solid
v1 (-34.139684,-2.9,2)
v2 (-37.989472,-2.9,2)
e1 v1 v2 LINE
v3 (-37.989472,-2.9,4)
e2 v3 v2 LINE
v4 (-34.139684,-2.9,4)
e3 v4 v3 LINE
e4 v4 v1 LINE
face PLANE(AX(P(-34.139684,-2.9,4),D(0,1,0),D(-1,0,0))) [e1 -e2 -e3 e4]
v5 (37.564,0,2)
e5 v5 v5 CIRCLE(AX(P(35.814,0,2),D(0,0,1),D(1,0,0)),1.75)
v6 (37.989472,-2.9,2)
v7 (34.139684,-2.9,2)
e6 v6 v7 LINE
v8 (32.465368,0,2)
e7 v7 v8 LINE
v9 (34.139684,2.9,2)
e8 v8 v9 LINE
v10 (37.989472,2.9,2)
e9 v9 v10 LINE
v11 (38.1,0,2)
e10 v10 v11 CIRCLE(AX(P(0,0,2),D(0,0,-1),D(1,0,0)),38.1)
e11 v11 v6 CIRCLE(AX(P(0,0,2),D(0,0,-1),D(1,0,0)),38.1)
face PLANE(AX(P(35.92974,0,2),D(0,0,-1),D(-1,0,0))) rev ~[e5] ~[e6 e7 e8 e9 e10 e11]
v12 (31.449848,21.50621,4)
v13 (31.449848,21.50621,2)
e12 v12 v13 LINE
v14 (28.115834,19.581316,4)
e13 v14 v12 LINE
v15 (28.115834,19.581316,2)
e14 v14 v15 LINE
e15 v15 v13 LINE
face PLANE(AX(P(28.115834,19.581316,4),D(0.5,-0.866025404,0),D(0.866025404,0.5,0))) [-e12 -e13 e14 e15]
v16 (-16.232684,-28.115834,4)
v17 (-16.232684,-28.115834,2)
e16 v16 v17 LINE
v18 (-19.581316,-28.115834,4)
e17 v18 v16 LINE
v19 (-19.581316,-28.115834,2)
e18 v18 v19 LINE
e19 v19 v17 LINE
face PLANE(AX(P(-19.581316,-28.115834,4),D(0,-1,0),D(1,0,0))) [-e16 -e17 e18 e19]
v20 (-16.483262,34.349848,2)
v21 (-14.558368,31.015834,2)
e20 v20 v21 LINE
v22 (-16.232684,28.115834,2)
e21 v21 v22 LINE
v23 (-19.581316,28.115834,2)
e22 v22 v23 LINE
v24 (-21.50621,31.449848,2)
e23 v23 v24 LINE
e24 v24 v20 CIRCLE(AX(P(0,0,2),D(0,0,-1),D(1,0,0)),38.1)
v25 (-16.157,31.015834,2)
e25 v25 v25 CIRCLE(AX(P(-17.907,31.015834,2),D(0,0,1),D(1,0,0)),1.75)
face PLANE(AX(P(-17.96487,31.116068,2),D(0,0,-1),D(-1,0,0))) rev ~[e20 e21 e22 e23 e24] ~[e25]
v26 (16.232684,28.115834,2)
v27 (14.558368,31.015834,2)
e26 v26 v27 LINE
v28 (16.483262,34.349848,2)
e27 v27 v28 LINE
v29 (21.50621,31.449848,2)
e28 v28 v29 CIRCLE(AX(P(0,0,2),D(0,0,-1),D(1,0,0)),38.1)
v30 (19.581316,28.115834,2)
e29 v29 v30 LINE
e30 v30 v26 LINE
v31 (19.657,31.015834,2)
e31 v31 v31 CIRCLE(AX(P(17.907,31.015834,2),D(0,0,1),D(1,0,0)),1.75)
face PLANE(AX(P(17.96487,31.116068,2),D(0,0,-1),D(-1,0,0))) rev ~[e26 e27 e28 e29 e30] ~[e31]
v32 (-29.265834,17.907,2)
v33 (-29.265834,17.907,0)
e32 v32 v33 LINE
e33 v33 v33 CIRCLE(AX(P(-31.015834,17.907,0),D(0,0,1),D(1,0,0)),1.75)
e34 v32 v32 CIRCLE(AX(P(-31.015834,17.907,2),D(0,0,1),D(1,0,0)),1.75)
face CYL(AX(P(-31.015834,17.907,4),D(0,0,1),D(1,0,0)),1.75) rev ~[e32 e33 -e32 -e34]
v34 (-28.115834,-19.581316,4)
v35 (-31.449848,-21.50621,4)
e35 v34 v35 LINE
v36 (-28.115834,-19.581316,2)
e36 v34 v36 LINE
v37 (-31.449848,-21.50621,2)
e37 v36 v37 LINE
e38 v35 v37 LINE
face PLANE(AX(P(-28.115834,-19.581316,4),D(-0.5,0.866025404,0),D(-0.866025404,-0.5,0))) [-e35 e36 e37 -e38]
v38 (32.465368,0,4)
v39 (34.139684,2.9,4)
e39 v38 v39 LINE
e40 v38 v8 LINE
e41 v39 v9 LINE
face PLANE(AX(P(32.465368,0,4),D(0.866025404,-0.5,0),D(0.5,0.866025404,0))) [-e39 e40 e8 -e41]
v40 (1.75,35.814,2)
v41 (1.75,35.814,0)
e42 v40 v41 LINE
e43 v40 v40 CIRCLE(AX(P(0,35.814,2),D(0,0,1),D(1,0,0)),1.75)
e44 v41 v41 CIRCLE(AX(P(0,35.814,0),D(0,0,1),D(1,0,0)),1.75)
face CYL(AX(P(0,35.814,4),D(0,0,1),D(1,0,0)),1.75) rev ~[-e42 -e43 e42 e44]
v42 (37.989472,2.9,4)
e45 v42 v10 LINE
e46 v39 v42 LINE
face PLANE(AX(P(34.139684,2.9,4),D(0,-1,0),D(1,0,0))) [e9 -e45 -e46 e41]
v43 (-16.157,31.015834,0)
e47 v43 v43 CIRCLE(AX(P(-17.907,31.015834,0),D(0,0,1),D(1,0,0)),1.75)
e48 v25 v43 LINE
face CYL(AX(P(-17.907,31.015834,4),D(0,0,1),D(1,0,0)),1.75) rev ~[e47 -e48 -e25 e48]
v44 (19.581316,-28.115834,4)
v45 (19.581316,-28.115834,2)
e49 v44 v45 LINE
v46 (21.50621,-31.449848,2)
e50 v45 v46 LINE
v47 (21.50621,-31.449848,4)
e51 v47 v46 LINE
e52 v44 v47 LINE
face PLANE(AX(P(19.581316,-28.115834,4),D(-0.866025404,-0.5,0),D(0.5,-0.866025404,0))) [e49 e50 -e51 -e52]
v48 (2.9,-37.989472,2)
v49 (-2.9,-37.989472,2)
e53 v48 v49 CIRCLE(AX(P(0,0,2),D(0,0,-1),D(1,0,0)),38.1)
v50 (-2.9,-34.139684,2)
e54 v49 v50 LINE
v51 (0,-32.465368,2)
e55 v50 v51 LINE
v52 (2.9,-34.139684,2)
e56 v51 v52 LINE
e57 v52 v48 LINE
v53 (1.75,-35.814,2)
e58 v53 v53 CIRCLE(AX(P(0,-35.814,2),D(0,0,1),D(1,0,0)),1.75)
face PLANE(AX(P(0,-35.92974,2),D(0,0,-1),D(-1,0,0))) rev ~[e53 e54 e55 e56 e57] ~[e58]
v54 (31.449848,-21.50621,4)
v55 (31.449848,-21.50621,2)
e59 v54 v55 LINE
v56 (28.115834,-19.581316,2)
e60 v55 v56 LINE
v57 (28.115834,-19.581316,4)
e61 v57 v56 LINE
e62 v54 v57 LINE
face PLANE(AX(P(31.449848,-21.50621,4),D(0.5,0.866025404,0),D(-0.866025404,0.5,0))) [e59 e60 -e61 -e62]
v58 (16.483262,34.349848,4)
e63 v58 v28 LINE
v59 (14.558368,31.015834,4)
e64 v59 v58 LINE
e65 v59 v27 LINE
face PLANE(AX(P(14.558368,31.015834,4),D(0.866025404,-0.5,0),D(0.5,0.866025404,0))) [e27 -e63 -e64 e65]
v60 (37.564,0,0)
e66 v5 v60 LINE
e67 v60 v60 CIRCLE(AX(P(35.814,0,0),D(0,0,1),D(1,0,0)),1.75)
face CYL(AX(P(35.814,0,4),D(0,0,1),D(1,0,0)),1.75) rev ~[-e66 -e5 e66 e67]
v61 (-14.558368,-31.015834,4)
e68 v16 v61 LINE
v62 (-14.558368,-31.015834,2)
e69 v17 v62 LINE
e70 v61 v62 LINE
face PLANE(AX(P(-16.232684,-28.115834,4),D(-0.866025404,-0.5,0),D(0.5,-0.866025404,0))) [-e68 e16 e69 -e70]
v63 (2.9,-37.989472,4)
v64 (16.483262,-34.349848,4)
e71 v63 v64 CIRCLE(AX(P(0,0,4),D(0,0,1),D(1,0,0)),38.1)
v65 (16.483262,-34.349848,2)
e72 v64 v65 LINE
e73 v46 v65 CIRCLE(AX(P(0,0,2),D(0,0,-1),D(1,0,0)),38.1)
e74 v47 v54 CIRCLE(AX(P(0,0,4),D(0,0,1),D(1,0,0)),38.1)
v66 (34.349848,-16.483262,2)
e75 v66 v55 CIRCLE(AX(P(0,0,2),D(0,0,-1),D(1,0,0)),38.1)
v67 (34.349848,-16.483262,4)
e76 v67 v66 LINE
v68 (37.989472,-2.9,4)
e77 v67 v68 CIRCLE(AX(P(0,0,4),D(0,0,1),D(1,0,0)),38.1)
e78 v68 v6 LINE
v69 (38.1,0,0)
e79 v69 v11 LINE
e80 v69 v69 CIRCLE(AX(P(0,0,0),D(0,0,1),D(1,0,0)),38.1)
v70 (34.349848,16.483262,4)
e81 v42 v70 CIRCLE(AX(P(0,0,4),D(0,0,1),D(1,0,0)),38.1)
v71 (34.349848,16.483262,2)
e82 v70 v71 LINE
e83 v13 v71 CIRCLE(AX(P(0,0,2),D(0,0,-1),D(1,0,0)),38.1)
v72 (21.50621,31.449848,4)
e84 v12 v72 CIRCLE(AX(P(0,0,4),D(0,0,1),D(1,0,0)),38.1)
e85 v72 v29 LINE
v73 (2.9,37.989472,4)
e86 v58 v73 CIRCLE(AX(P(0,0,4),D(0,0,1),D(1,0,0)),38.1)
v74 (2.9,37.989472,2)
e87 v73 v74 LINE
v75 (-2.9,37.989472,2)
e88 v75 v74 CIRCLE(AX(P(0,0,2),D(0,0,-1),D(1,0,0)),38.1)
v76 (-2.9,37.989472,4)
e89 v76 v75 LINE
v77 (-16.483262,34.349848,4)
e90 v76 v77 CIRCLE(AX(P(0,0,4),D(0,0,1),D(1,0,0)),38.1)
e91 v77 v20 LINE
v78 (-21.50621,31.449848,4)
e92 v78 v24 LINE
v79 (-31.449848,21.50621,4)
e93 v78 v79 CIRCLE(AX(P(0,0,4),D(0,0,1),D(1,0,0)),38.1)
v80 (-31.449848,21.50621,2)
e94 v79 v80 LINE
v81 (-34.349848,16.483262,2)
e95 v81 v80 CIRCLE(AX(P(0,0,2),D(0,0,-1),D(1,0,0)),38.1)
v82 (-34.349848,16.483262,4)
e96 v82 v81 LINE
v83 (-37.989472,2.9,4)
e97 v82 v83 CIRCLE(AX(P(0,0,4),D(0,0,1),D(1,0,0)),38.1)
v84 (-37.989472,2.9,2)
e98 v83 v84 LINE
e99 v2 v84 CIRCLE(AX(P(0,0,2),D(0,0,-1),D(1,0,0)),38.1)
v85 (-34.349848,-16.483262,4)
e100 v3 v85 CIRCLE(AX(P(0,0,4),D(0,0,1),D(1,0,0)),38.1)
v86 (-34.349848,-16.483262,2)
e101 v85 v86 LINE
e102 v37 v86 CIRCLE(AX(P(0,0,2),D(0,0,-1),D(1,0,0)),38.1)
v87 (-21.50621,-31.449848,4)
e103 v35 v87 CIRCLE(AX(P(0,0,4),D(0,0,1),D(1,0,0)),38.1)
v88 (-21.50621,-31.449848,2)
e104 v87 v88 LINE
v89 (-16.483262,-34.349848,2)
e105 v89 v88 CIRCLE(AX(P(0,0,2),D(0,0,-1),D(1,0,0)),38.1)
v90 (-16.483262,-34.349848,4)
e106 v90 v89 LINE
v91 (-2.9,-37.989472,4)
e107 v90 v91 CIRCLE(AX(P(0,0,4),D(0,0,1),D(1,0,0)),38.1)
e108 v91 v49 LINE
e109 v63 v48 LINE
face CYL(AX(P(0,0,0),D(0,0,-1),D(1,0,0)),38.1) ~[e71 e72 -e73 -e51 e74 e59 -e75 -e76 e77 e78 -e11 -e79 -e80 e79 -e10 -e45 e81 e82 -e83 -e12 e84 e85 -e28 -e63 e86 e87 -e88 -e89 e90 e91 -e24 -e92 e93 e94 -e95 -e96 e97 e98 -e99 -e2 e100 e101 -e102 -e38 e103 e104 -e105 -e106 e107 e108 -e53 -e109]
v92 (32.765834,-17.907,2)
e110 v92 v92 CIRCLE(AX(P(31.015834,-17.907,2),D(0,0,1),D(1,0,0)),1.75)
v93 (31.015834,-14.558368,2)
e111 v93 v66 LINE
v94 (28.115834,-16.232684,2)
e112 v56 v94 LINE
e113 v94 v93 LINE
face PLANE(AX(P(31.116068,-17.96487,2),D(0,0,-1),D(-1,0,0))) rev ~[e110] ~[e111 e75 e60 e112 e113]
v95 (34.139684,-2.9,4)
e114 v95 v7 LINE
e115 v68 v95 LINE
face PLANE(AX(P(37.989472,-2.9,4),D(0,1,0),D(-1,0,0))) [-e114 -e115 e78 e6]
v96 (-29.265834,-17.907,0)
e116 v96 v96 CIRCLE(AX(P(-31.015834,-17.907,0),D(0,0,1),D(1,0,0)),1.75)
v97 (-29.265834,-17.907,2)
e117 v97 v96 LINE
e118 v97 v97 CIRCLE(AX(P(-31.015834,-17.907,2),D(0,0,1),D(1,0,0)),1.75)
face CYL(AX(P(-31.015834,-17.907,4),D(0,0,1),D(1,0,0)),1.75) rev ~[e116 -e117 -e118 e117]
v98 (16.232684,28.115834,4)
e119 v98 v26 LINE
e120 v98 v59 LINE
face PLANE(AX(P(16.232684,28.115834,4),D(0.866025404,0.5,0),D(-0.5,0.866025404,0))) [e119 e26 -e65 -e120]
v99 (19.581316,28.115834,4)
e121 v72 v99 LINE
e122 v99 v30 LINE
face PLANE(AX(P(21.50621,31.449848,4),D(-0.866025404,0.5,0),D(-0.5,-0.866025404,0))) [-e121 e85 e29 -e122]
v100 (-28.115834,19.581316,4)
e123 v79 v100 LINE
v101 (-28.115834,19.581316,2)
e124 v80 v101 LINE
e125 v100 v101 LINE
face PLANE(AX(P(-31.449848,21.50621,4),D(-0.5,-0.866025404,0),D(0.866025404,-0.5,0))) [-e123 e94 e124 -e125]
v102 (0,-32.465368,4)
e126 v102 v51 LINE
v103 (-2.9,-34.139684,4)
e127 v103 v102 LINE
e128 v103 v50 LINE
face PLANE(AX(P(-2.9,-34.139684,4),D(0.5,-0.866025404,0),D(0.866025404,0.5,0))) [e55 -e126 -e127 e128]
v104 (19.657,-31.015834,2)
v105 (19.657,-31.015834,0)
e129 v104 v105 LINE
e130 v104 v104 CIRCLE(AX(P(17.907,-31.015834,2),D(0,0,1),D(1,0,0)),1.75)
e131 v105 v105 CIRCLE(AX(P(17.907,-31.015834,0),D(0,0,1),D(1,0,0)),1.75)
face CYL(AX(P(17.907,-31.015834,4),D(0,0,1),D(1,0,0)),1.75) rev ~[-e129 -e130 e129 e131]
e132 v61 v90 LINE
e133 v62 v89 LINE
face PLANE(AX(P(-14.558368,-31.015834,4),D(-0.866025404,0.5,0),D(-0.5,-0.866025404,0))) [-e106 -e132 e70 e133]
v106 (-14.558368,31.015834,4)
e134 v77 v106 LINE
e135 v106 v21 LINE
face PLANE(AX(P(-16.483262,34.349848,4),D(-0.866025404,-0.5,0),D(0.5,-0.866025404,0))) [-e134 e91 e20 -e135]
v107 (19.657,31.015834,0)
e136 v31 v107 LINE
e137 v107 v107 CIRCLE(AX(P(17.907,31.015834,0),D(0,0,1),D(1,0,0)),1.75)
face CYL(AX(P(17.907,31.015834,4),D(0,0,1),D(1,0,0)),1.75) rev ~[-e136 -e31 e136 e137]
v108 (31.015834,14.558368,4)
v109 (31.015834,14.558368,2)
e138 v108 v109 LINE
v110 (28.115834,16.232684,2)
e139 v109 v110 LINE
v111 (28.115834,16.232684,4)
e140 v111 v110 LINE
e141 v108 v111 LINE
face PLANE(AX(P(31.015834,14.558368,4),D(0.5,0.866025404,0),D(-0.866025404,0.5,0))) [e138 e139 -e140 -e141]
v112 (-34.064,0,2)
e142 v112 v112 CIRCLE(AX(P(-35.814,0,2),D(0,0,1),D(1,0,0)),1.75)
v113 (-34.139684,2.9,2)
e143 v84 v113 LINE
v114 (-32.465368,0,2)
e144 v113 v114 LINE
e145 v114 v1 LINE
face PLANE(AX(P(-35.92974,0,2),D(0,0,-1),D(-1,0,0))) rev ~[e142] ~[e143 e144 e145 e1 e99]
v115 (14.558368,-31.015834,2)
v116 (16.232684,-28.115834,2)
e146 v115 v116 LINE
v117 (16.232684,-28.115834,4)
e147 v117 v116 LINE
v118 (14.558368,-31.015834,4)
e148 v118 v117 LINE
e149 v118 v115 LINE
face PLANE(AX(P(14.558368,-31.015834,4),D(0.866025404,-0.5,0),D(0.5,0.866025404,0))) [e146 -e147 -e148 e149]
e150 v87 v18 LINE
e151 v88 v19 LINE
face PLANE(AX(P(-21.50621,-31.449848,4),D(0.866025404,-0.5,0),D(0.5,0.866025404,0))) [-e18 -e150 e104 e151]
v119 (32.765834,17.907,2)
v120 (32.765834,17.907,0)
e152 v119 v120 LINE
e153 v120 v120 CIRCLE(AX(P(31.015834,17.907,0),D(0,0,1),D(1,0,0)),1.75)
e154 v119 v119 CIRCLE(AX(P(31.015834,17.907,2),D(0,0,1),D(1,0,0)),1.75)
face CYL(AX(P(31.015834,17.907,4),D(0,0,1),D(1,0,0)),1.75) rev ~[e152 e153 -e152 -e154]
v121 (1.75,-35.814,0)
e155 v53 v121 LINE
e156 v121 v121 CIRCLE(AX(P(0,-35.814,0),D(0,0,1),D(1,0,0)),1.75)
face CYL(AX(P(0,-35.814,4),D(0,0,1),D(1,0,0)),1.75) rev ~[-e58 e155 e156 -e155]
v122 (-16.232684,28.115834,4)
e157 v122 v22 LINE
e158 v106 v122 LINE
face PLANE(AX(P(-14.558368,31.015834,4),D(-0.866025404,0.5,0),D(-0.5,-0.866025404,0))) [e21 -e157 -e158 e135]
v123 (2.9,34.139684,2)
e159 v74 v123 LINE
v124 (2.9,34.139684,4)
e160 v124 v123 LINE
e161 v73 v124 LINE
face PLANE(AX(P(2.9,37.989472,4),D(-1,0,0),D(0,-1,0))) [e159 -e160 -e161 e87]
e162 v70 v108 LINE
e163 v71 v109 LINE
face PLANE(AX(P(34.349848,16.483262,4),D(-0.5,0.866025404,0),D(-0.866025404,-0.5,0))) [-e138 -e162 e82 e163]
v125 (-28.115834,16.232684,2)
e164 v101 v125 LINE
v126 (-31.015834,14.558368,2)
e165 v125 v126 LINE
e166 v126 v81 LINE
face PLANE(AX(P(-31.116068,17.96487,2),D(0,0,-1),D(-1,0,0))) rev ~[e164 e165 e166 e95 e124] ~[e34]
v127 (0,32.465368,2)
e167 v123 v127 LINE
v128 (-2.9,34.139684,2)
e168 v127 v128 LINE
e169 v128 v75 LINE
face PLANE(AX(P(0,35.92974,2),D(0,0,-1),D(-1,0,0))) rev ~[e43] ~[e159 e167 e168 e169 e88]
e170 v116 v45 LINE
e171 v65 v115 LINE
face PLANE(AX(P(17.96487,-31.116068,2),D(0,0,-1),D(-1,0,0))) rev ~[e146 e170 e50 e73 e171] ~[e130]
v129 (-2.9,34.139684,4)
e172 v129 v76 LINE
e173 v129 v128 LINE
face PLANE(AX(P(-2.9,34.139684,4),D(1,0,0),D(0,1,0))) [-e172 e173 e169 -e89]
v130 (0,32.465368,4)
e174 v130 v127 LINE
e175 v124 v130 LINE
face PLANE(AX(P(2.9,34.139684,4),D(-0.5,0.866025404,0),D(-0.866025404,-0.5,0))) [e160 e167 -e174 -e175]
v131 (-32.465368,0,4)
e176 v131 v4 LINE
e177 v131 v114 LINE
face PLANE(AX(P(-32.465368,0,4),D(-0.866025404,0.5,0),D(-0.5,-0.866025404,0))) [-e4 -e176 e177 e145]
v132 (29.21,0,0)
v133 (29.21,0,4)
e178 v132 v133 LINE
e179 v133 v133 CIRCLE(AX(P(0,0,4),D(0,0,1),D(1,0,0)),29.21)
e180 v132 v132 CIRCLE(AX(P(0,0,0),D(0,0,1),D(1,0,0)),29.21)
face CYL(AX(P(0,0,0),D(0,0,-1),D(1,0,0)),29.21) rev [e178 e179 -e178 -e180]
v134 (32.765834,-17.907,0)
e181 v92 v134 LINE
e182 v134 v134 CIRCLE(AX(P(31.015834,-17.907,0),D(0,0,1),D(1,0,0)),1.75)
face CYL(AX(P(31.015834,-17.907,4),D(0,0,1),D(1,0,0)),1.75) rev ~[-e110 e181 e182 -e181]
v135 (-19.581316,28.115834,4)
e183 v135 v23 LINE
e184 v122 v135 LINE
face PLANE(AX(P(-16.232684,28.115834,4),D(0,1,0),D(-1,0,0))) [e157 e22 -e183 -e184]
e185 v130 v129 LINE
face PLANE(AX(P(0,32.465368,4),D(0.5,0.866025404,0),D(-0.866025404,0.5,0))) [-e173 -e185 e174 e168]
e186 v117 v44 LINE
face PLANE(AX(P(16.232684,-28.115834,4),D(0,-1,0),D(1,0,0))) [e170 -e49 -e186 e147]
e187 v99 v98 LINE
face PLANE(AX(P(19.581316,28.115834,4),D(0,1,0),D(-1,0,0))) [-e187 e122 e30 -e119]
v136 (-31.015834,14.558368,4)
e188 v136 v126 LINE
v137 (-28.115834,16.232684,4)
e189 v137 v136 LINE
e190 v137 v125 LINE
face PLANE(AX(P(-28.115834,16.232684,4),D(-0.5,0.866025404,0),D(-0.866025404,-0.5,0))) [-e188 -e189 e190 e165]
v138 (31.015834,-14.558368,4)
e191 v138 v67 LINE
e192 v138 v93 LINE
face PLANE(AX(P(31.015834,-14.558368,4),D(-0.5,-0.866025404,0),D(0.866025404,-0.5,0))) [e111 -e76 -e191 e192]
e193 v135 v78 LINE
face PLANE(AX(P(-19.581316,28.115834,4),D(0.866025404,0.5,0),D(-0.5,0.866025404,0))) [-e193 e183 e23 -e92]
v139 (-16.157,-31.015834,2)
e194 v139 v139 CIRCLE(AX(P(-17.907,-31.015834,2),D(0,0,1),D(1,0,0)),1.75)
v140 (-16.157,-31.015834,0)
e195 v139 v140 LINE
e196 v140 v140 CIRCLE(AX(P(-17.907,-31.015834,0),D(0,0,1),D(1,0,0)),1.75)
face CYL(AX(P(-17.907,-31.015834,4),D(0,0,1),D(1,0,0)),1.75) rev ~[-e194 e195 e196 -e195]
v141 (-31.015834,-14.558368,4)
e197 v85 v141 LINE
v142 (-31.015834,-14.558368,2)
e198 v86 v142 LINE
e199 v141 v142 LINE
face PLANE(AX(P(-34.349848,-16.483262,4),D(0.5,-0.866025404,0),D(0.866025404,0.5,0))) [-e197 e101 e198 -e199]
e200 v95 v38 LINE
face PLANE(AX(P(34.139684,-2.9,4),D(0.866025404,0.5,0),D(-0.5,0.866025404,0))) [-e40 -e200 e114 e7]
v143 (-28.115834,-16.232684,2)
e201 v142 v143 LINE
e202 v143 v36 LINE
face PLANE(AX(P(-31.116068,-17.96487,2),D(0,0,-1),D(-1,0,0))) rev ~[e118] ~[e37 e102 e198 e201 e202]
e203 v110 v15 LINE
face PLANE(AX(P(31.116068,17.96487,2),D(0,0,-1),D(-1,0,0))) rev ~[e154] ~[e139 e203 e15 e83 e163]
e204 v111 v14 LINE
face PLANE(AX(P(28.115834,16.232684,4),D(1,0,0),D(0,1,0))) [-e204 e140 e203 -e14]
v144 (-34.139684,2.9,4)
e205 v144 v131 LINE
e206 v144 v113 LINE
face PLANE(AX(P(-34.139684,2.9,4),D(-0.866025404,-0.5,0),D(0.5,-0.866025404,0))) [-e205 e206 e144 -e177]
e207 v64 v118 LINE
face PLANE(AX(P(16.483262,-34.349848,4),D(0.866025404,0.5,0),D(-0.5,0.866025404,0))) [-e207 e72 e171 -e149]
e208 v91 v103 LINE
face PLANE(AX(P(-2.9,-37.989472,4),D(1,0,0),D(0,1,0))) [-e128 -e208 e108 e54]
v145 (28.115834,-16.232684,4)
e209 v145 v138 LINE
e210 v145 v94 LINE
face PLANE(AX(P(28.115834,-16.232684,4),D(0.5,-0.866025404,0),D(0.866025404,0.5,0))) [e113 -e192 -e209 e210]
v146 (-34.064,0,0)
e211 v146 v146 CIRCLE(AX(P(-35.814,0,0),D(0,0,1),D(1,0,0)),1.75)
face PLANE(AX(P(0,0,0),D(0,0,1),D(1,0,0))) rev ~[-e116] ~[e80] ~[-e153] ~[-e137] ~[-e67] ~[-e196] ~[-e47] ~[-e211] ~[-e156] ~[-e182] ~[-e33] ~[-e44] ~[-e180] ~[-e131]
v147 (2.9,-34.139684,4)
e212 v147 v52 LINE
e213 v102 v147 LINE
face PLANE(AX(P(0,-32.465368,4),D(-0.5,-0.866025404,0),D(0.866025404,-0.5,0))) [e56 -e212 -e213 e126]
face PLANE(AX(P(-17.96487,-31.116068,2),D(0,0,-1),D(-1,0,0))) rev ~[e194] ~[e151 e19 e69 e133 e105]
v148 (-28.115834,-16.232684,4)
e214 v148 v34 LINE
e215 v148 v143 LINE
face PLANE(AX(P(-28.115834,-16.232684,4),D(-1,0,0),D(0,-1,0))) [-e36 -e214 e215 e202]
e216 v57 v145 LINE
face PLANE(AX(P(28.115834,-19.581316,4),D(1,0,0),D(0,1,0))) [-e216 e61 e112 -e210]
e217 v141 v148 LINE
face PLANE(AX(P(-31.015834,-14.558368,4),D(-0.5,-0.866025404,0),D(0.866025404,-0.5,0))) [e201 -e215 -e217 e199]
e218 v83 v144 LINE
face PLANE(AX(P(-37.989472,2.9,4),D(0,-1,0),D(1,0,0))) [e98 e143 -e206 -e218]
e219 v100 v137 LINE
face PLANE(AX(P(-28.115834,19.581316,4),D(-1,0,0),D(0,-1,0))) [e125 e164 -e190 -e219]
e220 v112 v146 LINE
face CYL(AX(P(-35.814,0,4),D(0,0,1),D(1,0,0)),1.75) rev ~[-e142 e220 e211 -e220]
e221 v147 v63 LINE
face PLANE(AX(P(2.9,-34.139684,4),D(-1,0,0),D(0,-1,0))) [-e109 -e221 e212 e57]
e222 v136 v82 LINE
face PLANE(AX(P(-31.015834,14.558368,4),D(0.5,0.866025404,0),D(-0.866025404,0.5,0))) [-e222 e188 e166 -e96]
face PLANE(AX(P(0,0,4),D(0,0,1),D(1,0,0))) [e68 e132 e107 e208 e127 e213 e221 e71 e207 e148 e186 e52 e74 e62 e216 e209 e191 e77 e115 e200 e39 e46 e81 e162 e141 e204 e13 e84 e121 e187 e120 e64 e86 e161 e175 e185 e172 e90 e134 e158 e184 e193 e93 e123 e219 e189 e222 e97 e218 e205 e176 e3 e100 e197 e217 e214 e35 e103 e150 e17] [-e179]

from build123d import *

# Parameters (mm, degrees)
SKETCH1_R           = 38.1
SKETCH1_R_2         = 29.21
BOSS_EXTRUDE1_DEPTH = 4
SKETCH2_R           = 1.75
CUT_EXTRUDE1_DEPTH  = 5
CUT_EXTRUDE2_DEPTH  = 2


with BuildPart() as part:
    # Sketch1 → Boss-Extrude1 (new body)
    with BuildSketch(Plane.XY):
        Circle(SKETCH1_R)
        Circle(SKETCH1_R_2, mode=Mode.SUBTRACT)
    extrude(amount=BOSS_EXTRUDE1_DEPTH)

    # Sketch2 → Cut-Extrude1 (cut, through all)
    with BuildSketch(Plane.XY.offset(4)):
        with Locations((0, 35.814)):
            Circle(SKETCH2_R)
        with Locations((17.907, 31.015833811)):
            Circle(SKETCH2_R)
        with Locations((31.015833811, 17.907)):
            Circle(SKETCH2_R)
        with Locations((35.814, 0)):
            Circle(SKETCH2_R)
        with Locations((31.015833811, -17.907)):
            Circle(SKETCH2_R)
        with Locations((17.907, -31.015833811)):
            Circle(SKETCH2_R)
        with Locations((0, -35.814)):
            Circle(SKETCH2_R)
        with Locations((-17.907, -31.015833811)):
            Circle(SKETCH2_R)
        with Locations((-31.015833811, -17.907)):
            Circle(SKETCH2_R)
        with Locations((-35.814, 0)):
            Circle(SKETCH2_R)
        with Locations((-31.015833811, 17.907)):
            Circle(SKETCH2_R)
        with Locations((-17.907, 31.015833811)):
            Circle(SKETCH2_R)
    extrude(amount=-CUT_EXTRUDE1_DEPTH, mode=Mode.SUBTRACT)

    # Sketch3 → Cut-Extrude2 (cut)
    with BuildSketch(Plane.XY.offset(4)):
        Polygon((-2.9, 37.989472226), (0, 39.162631561), (2.9, 37.989472226), (2.9, 34.139684219), (0, 32.465368439), (-2.9, 34.139684219), align=None)
        Polygon((16.483262442, 34.349848024), (19.581315781, 33.915833811), (21.506209784, 31.449848024), (19.581315781, 28.115833811), (16.232684219, 28.115833811), (14.558368439, 31.015833811), align=None)
        Polygon((31.449848024, 21.506209784), (33.915833811, 19.581315781), (34.349848024, 16.483262442), (31.015833811, 14.558368439), (28.115833811, 16.232684219), (28.115833811, 19.581315781), align=None)
        Polygon((37.989472226, 2.9), (39.162631561, 0), (37.989472226, -2.9), (34.139684219, -2.9), (32.465368439, 0), (34.139684219, 2.9), align=None)
        Polygon((34.349848024, -16.483262442), (33.915833811, -19.581315781), (31.449848024, -21.506209784), (28.115833811, -19.581315781), (28.115833811, -16.232684219), (31.015833811, -14.558368439), align=None)
        Polygon((21.506209784, -31.449848024), (19.581315781, -33.915833811), (16.483262442, -34.349848024), (14.558368439, -31.015833811), (16.232684219, -28.115833811), (19.581315781, -28.115833811), align=None)
        Polygon((2.9, -37.989472226), (0, -39.162631561), (-2.9, -37.989472226), (-2.9, -34.139684219), (0, -32.465368439), (2.9, -34.139684219), align=None)
        Polygon((-16.483262442, -34.349848024), (-19.581315781, -33.915833811), (-21.506209784, -31.449848024), (-19.581315781, -28.115833811), (-16.232684219, -28.115833811), (-14.558368439, -31.015833811), align=None)
        Polygon((-31.449848024, -21.506209784), (-33.915833811, -19.581315781), (-34.349848024, -16.483262442), (-31.015833811, -14.558368439), (-28.115833811, -16.232684219), (-28.115833811, -19.581315781), align=None)
        Polygon((-37.989472226, -2.9), (-39.162631561, 0), (-37.989472226, 2.9), (-34.139684219, 2.9), (-32.465368439, 0), (-34.139684219, -2.9), align=None)
        Polygon((-34.349848024, 16.483262442), (-33.915833811, 19.581315781), (-31.449848024, 21.506209784), (-28.115833811, 19.581315781), (-28.115833811, 16.232684219), (-31.015833811, 14.558368439), align=None)
        Polygon((-21.506209784, 31.449848024), (-19.581315781, 33.915833811), (-16.483262442, 34.349848024), (-14.558368439, 31.015833811), (-16.232684219, 28.115833811), (-19.581315781, 28.115833811), align=None)
    extrude(amount=-CUT_EXTRUDE2_DEPTH, mode=Mode.SUBTRACT)


solid = part.part
